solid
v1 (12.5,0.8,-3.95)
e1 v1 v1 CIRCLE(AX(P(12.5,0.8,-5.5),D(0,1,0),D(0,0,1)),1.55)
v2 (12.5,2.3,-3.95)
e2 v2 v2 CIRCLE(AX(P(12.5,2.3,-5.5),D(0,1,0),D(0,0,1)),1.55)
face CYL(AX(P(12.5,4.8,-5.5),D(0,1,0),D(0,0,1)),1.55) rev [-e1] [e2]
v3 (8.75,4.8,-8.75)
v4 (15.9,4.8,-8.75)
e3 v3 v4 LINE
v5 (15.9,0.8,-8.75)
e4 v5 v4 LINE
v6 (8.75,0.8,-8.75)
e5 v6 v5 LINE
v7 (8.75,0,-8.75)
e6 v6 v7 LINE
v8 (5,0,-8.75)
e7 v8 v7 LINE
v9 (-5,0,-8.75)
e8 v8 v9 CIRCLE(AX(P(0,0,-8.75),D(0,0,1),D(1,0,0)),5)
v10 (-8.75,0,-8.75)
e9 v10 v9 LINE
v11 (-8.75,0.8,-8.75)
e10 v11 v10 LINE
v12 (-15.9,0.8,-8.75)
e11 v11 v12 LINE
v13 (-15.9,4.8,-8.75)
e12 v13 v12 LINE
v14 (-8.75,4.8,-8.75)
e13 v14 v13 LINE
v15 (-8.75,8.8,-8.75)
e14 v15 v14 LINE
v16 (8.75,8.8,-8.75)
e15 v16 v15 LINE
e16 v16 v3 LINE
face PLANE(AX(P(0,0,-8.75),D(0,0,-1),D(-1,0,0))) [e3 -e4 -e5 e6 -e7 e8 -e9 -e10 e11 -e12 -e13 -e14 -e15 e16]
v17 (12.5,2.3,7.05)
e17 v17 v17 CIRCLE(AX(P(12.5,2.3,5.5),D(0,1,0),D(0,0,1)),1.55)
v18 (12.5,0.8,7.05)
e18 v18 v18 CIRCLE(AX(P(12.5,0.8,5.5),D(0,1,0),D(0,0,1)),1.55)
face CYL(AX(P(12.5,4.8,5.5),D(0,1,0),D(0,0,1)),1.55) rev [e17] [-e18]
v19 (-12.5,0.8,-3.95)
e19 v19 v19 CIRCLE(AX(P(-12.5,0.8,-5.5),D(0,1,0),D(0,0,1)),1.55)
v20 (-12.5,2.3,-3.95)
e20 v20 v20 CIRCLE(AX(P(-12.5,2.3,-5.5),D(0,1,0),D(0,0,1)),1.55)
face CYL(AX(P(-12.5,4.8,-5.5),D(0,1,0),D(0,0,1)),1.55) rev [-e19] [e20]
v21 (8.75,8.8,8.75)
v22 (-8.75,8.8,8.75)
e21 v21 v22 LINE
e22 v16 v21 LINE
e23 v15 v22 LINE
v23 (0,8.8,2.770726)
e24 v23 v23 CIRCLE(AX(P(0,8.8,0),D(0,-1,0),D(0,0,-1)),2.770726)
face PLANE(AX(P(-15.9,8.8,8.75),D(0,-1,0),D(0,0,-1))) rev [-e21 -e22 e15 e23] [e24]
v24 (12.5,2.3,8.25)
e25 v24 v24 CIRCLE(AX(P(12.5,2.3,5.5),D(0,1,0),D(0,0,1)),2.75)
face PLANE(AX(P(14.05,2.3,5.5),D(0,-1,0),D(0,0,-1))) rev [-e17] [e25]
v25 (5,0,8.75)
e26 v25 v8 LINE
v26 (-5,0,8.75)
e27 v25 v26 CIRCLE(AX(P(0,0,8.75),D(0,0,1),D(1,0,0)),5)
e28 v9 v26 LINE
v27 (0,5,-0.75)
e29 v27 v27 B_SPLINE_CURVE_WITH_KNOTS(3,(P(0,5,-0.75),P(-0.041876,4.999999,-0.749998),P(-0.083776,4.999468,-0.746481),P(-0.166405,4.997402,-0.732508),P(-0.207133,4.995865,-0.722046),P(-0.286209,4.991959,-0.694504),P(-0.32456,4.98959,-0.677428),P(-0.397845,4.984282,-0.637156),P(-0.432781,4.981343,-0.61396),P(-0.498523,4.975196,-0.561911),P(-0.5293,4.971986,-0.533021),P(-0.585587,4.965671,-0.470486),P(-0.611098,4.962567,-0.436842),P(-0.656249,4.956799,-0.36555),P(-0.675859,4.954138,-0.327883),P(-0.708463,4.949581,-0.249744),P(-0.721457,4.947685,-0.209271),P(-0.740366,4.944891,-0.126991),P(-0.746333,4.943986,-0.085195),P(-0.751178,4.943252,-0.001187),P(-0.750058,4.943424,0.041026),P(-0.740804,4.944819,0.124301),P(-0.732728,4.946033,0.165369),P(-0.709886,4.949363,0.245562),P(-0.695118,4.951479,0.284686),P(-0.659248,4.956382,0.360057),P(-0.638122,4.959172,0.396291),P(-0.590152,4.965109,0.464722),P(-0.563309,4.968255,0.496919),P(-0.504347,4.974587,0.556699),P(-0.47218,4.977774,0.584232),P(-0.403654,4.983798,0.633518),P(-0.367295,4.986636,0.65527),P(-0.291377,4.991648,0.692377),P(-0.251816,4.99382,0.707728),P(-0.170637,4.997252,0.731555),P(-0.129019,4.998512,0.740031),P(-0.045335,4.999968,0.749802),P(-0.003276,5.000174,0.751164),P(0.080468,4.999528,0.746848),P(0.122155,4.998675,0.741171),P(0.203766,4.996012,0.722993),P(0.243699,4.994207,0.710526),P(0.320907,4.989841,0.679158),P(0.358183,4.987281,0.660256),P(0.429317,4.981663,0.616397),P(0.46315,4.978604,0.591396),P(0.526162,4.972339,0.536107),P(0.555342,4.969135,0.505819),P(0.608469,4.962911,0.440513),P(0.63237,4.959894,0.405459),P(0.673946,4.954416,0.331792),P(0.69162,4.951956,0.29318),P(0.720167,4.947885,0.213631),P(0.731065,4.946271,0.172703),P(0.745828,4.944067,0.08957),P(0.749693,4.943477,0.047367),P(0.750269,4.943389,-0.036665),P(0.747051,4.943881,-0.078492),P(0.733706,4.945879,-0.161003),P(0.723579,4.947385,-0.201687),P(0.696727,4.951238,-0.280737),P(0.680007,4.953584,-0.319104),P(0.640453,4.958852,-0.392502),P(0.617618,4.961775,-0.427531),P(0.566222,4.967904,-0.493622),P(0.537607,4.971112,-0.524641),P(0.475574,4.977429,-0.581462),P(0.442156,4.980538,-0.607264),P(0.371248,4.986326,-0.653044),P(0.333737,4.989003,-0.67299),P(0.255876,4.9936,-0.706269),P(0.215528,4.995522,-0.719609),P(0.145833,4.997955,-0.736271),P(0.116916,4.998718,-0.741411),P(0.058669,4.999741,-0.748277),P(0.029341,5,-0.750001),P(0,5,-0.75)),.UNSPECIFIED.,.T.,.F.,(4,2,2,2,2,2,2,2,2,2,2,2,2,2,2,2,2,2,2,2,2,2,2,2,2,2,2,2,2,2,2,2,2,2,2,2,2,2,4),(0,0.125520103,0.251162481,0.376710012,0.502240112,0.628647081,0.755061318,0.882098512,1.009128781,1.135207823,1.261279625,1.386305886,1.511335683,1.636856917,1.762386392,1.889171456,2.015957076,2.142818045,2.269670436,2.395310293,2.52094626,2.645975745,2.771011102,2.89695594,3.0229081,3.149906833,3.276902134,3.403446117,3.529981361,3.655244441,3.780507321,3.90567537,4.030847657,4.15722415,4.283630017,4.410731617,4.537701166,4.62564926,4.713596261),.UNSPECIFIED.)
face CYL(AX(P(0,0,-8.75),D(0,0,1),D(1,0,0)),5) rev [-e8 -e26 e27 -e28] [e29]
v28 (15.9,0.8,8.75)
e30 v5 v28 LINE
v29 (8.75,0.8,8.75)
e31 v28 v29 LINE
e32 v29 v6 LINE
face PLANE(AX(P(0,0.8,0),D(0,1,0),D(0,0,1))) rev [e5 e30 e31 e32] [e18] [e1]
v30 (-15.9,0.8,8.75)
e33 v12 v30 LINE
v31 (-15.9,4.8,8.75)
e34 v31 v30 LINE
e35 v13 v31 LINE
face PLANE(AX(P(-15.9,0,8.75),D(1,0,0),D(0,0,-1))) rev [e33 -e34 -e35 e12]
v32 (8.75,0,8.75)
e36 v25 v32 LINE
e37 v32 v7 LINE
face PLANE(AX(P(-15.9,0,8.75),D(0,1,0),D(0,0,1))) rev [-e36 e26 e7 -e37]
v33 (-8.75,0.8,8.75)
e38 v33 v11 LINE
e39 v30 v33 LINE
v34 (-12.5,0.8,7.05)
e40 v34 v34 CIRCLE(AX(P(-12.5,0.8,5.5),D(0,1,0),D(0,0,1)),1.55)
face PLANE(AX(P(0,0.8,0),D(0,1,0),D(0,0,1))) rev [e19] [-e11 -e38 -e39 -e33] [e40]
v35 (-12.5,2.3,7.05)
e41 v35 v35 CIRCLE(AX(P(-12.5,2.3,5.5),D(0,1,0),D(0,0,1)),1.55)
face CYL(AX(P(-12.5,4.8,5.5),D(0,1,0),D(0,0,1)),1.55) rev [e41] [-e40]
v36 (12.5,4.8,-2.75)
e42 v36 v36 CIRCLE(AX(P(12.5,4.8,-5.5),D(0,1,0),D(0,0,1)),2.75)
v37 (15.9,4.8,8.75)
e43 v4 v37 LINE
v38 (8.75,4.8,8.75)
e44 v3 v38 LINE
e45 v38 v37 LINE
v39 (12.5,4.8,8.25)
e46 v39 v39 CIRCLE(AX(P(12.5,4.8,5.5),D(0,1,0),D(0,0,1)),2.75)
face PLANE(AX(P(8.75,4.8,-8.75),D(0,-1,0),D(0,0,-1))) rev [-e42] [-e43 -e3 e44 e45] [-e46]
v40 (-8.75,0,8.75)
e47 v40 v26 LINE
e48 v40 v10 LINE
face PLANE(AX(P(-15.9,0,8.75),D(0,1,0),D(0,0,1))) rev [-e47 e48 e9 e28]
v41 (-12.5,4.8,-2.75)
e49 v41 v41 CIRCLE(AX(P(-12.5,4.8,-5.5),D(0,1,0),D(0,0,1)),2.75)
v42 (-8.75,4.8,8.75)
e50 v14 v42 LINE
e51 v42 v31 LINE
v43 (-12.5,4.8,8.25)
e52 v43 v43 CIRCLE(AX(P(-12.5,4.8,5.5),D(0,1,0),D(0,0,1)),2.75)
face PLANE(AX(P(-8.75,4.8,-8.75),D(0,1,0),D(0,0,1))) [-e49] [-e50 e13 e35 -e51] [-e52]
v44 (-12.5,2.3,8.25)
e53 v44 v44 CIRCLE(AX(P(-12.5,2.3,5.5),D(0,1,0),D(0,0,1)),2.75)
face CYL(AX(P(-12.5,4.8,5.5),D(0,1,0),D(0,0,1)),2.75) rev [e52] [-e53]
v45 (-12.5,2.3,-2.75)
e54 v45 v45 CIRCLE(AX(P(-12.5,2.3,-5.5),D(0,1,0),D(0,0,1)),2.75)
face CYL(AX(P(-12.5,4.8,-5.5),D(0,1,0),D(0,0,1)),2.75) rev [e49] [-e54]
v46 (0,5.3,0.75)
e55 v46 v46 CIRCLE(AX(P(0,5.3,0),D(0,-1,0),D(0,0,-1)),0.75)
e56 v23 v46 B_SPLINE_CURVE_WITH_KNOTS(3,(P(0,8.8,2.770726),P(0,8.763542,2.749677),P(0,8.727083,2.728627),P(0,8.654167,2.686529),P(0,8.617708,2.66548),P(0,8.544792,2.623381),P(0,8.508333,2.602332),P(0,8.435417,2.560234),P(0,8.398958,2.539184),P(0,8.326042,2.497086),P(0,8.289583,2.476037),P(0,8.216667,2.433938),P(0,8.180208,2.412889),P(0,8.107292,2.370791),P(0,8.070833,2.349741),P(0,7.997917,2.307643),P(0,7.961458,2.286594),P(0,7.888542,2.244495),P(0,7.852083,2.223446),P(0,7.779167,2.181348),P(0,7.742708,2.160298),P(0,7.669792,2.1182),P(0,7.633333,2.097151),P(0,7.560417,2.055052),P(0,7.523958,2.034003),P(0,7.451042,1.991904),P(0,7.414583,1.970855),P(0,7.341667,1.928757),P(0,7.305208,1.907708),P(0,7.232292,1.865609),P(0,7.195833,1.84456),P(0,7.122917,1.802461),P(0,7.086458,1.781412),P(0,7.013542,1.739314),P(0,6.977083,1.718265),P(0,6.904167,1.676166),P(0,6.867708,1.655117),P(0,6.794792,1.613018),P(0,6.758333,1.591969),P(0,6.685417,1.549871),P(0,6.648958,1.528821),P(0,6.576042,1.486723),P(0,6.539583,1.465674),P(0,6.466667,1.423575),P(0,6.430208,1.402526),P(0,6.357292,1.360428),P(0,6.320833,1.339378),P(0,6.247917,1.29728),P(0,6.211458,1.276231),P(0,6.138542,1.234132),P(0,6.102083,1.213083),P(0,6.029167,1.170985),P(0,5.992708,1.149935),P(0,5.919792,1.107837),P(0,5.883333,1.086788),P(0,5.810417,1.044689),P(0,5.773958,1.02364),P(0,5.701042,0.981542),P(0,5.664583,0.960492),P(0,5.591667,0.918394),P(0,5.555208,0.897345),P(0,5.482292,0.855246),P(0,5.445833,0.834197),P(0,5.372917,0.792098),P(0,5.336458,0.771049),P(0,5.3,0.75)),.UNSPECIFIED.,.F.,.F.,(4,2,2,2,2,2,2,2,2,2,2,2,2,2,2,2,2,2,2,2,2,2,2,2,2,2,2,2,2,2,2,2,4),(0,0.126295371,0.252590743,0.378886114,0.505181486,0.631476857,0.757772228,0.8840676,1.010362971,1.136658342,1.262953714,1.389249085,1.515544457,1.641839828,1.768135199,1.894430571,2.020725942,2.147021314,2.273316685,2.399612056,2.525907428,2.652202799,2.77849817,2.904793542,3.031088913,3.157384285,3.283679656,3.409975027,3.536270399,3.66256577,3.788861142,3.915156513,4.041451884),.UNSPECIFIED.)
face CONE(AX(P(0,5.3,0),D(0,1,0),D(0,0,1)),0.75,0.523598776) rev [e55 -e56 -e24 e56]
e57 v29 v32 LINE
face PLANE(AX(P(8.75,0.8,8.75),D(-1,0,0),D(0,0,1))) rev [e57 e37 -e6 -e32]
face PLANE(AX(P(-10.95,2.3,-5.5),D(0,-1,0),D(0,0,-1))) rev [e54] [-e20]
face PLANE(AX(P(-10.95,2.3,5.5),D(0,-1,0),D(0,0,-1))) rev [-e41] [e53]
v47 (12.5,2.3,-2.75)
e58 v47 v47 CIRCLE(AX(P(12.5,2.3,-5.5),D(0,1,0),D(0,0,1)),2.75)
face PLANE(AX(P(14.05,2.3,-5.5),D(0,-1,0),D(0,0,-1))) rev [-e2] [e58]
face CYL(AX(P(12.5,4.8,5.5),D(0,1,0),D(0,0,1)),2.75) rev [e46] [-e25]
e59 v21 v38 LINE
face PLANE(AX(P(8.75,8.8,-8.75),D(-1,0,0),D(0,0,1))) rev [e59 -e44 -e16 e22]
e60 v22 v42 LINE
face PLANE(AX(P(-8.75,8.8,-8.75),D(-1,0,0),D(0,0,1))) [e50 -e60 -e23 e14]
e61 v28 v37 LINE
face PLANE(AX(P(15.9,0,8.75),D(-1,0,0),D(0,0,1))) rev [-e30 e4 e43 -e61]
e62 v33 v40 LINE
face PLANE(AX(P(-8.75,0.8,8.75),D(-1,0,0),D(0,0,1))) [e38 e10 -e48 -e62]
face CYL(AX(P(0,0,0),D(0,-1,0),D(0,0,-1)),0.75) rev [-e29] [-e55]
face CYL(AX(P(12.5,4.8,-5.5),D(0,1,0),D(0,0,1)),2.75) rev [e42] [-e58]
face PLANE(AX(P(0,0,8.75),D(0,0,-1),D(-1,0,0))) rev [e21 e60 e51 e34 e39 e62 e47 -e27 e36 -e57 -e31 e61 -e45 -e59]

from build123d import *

# Parameters (mm, degrees)
SZKIC1_W                                          = 31.8
SZKIC1_H                                          = 8.8
DODANIE_WYCI_GNI_CIE1_DEPTH                       = 8.75
SZKIC2_W                                          = 7.15
SZKIC2_H                                          = 17.5
WYTNIJ_WYCI_GNI_CIE1_DEPTH                        = 0.8
SZKIC3_W                                          = 7.15
SZKIC3_H                                          = 4
WYTNIJ_WYCI_GNI_CIE2_DEPTH                        = 26.228951623
POG_BIENIE_WALCOWE_POD_M2_5_RUB_Z_BEM_D           = 3.1
POG_BIENIE_WALCOWE_POD_M2_5_RUB_Z_BEM_CBORE_D     = 5.5
POG_BIENIE_WALCOWE_POD_M2_5_RUB_Z_BEM_CBORE_DEPTH = 2.5
SZKIC6_R                                          = 5
WYTNIJ_WYCI_GNI_CIE3_DEPTH                        = 26.228951623


with BuildPart() as part:
    # Szkic1 → Dodanie-wyciągnięcie1 (new, symmetric)
    with BuildSketch(Plane.XY):
        with Locations((0, 4.4)):
            Rectangle(SZKIC1_W, SZKIC1_H)
    extrude(amount=DODANIE_WYCI_GNI_CIE1_DEPTH, both=True)

    # Szkic2 → Wytnij-wyciągnięcie1 (cut)
    with BuildSketch(Plane.XZ):
        with Locations((12.325, 0)):
            Rectangle(SZKIC2_W, SZKIC2_H)
    wytnij_wyci_gni_cie1 = extrude(amount=-WYTNIJ_WYCI_GNI_CIE1_DEPTH, mode=Mode.SUBTRACT)

    # Szkic3 → Wytnij-wyciągnięcie2 (cut, through all)
    with BuildSketch(Plane.XY.offset(8.75)):
        with Locations((12.325, 6.8)):
            Rectangle(SZKIC3_W, SZKIC3_H)
    wytnij_wyci_gni_cie2 = extrude(amount=-WYTNIJ_WYCI_GNI_CIE2_DEPTH, mode=Mode.SUBTRACT)

    # Pogłębienie walcowe pod M2.5 Śrubę z łbem walcowym z gniazdem1 (through all)
    with Locations(Plane(origin=(0, 4.8, 0), x_dir=(1, 0, 0), z_dir=(0, 1, 0))):
        with Locations((12.5, 5.5), (12.5, -5.5)):
            pog_bienie_walcowe_pod_m2_5_rub_z_bem = CounterBoreHole(POG_BIENIE_WALCOWE_POD_M2_5_RUB_Z_BEM_D / 2, POG_BIENIE_WALCOWE_POD_M2_5_RUB_Z_BEM_CBORE_D / 2, POG_BIENIE_WALCOWE_POD_M2_5_RUB_Z_BEM_CBORE_DEPTH)

    # Lustro1: Wytnij-wyciągnięcie1, Wytnij-wyciągnięcie2, Pogłębienie walcowe pod M2.5 Śrubę z łbem walcowym z gniazdem1 across plane
    add(wytnij_wyci_gni_cie1.mirror(Plane(origin=(0, 0, 0), x_dir=(0, 0, 1), z_dir=(1, 0, 0))), mode=Mode.SUBTRACT)
    add(wytnij_wyci_gni_cie2.mirror(Plane(origin=(0, 0, 0), x_dir=(0, 0, 1), z_dir=(1, 0, 0))), mode=Mode.SUBTRACT)
    add(pog_bienie_walcowe_pod_m2_5_rub_z_bem.mirror(Plane(origin=(0, 0, 0), x_dir=(0, 0, 1), z_dir=(1, 0, 0))), mode=Mode.SUBTRACT)

    # Szkic6 → Wytnij-wyciągnięcie3 (cut, through all)
    with BuildSketch(Plane.XY.offset(8.75)):
        Circle(SZKIC6_R)
    extrude(amount=-WYTNIJ_WYCI_GNI_CIE3_DEPTH, mode=Mode.SUBTRACT)

    # Szkic7 → Wycięcie-obrót5 (revolve, cut)
    with BuildSketch(Plane.XY, mode=Mode.PRIVATE) as wyci_cie_obr_t5_sk:
        Polygon((0, 0), (0, 8.8), (2.770725942, 8.8), (0.75, 5.3), (0.75, 0), align=None)
    revolve(wyci_cie_obr_t5_sk.sketch.rotate(Axis((0, 0, 0), (0, 1, 0)), 90), axis=Axis((0, 0, 0), (0, 1, 0)), mode=Mode.SUBTRACT)


solid = part.part
